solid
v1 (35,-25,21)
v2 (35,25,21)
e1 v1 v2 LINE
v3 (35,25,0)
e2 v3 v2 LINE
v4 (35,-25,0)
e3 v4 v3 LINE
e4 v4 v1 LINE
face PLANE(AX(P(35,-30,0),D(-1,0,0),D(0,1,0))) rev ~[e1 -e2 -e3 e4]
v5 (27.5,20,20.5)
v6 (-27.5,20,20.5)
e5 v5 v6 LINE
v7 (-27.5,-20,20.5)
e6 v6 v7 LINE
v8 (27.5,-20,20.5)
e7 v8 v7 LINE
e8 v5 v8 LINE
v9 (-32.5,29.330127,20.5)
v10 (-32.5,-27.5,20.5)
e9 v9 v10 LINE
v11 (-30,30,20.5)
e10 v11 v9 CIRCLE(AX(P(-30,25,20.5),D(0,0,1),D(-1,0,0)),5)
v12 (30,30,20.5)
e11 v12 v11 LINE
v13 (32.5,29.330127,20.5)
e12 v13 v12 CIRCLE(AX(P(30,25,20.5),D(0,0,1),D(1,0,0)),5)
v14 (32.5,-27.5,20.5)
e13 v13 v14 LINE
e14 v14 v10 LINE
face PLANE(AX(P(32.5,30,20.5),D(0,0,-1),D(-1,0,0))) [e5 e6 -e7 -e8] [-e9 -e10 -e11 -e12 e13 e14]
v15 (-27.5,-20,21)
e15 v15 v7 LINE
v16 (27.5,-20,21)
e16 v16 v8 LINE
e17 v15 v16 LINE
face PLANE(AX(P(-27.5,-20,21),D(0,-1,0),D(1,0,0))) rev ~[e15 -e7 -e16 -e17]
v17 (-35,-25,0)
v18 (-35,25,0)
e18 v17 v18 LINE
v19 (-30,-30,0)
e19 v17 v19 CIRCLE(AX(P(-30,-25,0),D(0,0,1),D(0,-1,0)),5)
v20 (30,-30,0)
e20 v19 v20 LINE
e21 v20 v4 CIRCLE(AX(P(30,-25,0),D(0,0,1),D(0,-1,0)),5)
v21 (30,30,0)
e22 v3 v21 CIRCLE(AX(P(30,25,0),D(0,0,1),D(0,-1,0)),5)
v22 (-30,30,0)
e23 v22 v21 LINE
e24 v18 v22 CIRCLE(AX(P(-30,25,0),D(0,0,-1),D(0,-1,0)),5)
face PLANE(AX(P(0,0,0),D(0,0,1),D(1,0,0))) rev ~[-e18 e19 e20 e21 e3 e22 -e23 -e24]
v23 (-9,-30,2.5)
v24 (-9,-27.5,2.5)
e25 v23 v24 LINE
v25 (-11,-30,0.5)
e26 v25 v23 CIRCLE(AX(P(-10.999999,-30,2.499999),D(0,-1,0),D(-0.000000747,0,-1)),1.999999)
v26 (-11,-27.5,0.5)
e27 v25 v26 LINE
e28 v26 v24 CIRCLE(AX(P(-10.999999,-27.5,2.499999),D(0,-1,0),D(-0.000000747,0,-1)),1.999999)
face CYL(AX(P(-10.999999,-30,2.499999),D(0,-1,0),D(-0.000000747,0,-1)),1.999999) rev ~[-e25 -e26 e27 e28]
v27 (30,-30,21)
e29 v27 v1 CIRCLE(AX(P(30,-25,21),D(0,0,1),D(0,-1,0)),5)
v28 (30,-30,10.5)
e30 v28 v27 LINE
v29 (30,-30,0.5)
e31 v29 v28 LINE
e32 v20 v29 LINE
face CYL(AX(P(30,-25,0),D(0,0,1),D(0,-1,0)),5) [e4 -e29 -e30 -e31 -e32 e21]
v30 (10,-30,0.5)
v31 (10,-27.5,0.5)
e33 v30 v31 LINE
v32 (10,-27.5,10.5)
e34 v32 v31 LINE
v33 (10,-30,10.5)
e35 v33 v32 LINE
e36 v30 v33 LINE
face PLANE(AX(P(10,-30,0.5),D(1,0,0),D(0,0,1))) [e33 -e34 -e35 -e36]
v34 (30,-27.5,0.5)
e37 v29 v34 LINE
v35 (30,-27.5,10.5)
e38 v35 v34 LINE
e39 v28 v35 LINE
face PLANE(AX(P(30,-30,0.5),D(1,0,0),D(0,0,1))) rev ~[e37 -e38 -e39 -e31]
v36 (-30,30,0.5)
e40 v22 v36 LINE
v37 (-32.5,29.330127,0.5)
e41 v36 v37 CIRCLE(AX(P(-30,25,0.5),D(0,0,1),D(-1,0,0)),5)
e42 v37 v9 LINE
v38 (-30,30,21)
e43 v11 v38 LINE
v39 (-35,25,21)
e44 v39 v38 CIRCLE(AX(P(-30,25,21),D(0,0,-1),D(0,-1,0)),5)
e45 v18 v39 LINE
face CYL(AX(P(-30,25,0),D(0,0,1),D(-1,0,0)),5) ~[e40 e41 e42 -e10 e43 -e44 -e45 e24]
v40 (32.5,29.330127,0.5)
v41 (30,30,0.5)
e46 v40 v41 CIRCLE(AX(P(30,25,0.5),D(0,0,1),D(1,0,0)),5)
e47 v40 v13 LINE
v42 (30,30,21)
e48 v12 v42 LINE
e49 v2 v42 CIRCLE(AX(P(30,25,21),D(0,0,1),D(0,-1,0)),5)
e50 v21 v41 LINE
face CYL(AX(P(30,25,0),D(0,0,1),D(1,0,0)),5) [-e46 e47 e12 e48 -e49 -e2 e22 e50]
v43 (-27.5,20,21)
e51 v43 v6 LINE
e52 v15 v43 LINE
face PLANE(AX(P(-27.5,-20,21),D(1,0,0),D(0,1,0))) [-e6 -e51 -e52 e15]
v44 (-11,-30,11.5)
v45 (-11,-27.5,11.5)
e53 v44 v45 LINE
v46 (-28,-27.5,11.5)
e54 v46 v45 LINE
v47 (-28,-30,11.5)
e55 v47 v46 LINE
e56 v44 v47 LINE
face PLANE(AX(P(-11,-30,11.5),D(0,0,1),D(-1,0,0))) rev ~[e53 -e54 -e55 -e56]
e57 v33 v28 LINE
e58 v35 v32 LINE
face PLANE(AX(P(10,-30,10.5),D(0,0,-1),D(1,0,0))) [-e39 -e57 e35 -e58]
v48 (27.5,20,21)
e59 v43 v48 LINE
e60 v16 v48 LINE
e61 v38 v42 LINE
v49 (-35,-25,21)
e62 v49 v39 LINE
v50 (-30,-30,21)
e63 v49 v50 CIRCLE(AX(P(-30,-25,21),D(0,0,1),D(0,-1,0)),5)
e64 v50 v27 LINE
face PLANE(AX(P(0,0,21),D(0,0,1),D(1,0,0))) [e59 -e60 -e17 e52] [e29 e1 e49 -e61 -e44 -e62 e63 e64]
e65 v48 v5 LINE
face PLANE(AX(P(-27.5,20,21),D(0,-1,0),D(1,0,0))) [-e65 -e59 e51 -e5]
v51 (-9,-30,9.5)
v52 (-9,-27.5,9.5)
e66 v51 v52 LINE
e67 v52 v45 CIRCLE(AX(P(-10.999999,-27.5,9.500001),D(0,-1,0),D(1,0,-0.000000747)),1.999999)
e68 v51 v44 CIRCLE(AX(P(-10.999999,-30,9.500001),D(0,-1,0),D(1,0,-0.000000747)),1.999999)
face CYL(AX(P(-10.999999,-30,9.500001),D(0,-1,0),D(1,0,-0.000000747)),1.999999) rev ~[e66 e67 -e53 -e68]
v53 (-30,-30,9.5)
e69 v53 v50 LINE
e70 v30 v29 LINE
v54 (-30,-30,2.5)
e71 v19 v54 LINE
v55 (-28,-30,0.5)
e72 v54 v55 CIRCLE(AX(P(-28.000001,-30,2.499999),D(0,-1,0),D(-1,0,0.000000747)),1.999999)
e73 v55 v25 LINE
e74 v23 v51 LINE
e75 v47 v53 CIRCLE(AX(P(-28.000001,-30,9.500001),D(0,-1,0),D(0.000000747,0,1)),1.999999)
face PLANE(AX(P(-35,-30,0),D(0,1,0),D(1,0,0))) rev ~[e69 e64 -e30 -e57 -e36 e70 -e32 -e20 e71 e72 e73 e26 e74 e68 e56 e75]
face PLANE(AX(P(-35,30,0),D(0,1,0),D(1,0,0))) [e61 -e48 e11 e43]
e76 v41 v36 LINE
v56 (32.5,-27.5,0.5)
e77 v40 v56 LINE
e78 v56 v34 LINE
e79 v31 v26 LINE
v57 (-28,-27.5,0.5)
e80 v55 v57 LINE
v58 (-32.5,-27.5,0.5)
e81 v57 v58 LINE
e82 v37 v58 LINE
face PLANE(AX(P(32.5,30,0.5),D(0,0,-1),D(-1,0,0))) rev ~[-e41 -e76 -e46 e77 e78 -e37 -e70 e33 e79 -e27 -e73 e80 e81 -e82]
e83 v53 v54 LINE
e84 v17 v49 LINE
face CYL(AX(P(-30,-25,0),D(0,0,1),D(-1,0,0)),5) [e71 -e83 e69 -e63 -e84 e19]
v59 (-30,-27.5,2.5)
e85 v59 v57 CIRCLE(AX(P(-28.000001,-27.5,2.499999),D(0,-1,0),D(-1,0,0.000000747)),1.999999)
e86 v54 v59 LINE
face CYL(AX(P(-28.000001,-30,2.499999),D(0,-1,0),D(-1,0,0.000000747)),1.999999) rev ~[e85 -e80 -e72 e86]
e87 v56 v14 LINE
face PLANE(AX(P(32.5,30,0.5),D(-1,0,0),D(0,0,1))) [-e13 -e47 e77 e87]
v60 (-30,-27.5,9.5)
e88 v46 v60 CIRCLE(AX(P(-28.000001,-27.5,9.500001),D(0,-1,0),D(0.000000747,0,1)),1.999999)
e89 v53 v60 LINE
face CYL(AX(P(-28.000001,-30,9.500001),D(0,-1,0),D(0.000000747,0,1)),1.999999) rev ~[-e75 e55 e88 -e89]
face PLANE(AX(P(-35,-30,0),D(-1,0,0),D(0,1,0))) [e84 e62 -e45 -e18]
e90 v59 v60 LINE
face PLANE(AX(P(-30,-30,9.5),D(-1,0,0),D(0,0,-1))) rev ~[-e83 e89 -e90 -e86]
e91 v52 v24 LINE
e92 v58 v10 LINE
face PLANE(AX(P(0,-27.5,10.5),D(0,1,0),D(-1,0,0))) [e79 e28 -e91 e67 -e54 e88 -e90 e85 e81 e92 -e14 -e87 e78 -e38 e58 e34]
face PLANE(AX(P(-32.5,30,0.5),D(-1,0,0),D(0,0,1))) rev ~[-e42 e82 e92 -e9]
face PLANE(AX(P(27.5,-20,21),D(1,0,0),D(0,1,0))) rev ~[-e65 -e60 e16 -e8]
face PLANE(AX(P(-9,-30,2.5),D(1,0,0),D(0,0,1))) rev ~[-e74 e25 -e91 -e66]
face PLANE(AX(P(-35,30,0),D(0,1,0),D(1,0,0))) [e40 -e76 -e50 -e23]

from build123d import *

# Parameters (mm, degrees)
F0_W      = 70
F0_H      = 60
F1_DEPTH  = 21
F2_R      = 5
F3_W      = 65
F3_H      = 20
F4_DEPTH  = 57.5
F5_W      = 55
F5_H      = 40
F6_DEPTH  = 1
F8_DEPTH  = 5
F9_W      = 20
F9_H      = 10
F10_DEPTH = 4


with BuildPart() as f1:
    # F0 (on Top) → F1 (new body)
    with BuildSketch(Plane.XY):
        Rectangle(F0_W, F0_H)
    extrude(amount=F1_DEPTH)

    # F2
    f2_edges = [f1.edges().sort_by_distance(p)[0] for p in [
        (-35, -30, 10.5),
        (-35, 30, 10.5),
        (35, 30, 10.5),
        (35, -30, 10.5),
    ]]
    fillet(f2_edges, radius=F2_R)

    # F3 (on face) → F4 (cut)
    with BuildSketch(Plane(origin=(0, 30, 0), x_dir=(-1, 0, 0), z_dir=(0, 1, 0))):
        with Locations((0, 10.5)):
            Rectangle(F3_W, F3_H)
    extrude(amount=-F4_DEPTH, mode=Mode.SUBTRACT)

    # F5 (on face) → F6 (cut)
    with BuildSketch(Plane.XY.offset(21)):
        Rectangle(F5_W, F5_H)
    extrude(amount=-F6_DEPTH, mode=Mode.SUBTRACT)

    # F7 (on face) → F8 (cut)
    with BuildSketch(Plane.XZ.offset(30)):
        with BuildLine():
            ThreePointArc((-9, 9.5), (-9.585786, 10.914214), (-11, 11.5))
            Line((-11, 11.5), (-28, 11.5))
            ThreePointArc((-28, 11.5), (-29.414214, 10.914214), (-30, 9.5))
            Line((-30, 9.5), (-30, 2.5))
            ThreePointArc((-30, 2.5), (-29.414214, 1.085786), (-28, 0.5))
            Line((-28, 0.5), (-11, 0.5))
            ThreePointArc((-11, 0.5), (-9.585786, 1.085786), (-9, 2.5))
            Line((-9, 2.5), (-9, 9.5))
        make_face()
    extrude(amount=-F8_DEPTH, mode=Mode.SUBTRACT)

    # F9 (on face) → F10 (cut)
    with BuildSketch(Plane.XZ.offset(30)):
        with Locations((20, 5.5)):
            Rectangle(F9_W, F9_H)
    extrude(amount=-F10_DEPTH, mode=Mode.SUBTRACT)


solid = f1.part
